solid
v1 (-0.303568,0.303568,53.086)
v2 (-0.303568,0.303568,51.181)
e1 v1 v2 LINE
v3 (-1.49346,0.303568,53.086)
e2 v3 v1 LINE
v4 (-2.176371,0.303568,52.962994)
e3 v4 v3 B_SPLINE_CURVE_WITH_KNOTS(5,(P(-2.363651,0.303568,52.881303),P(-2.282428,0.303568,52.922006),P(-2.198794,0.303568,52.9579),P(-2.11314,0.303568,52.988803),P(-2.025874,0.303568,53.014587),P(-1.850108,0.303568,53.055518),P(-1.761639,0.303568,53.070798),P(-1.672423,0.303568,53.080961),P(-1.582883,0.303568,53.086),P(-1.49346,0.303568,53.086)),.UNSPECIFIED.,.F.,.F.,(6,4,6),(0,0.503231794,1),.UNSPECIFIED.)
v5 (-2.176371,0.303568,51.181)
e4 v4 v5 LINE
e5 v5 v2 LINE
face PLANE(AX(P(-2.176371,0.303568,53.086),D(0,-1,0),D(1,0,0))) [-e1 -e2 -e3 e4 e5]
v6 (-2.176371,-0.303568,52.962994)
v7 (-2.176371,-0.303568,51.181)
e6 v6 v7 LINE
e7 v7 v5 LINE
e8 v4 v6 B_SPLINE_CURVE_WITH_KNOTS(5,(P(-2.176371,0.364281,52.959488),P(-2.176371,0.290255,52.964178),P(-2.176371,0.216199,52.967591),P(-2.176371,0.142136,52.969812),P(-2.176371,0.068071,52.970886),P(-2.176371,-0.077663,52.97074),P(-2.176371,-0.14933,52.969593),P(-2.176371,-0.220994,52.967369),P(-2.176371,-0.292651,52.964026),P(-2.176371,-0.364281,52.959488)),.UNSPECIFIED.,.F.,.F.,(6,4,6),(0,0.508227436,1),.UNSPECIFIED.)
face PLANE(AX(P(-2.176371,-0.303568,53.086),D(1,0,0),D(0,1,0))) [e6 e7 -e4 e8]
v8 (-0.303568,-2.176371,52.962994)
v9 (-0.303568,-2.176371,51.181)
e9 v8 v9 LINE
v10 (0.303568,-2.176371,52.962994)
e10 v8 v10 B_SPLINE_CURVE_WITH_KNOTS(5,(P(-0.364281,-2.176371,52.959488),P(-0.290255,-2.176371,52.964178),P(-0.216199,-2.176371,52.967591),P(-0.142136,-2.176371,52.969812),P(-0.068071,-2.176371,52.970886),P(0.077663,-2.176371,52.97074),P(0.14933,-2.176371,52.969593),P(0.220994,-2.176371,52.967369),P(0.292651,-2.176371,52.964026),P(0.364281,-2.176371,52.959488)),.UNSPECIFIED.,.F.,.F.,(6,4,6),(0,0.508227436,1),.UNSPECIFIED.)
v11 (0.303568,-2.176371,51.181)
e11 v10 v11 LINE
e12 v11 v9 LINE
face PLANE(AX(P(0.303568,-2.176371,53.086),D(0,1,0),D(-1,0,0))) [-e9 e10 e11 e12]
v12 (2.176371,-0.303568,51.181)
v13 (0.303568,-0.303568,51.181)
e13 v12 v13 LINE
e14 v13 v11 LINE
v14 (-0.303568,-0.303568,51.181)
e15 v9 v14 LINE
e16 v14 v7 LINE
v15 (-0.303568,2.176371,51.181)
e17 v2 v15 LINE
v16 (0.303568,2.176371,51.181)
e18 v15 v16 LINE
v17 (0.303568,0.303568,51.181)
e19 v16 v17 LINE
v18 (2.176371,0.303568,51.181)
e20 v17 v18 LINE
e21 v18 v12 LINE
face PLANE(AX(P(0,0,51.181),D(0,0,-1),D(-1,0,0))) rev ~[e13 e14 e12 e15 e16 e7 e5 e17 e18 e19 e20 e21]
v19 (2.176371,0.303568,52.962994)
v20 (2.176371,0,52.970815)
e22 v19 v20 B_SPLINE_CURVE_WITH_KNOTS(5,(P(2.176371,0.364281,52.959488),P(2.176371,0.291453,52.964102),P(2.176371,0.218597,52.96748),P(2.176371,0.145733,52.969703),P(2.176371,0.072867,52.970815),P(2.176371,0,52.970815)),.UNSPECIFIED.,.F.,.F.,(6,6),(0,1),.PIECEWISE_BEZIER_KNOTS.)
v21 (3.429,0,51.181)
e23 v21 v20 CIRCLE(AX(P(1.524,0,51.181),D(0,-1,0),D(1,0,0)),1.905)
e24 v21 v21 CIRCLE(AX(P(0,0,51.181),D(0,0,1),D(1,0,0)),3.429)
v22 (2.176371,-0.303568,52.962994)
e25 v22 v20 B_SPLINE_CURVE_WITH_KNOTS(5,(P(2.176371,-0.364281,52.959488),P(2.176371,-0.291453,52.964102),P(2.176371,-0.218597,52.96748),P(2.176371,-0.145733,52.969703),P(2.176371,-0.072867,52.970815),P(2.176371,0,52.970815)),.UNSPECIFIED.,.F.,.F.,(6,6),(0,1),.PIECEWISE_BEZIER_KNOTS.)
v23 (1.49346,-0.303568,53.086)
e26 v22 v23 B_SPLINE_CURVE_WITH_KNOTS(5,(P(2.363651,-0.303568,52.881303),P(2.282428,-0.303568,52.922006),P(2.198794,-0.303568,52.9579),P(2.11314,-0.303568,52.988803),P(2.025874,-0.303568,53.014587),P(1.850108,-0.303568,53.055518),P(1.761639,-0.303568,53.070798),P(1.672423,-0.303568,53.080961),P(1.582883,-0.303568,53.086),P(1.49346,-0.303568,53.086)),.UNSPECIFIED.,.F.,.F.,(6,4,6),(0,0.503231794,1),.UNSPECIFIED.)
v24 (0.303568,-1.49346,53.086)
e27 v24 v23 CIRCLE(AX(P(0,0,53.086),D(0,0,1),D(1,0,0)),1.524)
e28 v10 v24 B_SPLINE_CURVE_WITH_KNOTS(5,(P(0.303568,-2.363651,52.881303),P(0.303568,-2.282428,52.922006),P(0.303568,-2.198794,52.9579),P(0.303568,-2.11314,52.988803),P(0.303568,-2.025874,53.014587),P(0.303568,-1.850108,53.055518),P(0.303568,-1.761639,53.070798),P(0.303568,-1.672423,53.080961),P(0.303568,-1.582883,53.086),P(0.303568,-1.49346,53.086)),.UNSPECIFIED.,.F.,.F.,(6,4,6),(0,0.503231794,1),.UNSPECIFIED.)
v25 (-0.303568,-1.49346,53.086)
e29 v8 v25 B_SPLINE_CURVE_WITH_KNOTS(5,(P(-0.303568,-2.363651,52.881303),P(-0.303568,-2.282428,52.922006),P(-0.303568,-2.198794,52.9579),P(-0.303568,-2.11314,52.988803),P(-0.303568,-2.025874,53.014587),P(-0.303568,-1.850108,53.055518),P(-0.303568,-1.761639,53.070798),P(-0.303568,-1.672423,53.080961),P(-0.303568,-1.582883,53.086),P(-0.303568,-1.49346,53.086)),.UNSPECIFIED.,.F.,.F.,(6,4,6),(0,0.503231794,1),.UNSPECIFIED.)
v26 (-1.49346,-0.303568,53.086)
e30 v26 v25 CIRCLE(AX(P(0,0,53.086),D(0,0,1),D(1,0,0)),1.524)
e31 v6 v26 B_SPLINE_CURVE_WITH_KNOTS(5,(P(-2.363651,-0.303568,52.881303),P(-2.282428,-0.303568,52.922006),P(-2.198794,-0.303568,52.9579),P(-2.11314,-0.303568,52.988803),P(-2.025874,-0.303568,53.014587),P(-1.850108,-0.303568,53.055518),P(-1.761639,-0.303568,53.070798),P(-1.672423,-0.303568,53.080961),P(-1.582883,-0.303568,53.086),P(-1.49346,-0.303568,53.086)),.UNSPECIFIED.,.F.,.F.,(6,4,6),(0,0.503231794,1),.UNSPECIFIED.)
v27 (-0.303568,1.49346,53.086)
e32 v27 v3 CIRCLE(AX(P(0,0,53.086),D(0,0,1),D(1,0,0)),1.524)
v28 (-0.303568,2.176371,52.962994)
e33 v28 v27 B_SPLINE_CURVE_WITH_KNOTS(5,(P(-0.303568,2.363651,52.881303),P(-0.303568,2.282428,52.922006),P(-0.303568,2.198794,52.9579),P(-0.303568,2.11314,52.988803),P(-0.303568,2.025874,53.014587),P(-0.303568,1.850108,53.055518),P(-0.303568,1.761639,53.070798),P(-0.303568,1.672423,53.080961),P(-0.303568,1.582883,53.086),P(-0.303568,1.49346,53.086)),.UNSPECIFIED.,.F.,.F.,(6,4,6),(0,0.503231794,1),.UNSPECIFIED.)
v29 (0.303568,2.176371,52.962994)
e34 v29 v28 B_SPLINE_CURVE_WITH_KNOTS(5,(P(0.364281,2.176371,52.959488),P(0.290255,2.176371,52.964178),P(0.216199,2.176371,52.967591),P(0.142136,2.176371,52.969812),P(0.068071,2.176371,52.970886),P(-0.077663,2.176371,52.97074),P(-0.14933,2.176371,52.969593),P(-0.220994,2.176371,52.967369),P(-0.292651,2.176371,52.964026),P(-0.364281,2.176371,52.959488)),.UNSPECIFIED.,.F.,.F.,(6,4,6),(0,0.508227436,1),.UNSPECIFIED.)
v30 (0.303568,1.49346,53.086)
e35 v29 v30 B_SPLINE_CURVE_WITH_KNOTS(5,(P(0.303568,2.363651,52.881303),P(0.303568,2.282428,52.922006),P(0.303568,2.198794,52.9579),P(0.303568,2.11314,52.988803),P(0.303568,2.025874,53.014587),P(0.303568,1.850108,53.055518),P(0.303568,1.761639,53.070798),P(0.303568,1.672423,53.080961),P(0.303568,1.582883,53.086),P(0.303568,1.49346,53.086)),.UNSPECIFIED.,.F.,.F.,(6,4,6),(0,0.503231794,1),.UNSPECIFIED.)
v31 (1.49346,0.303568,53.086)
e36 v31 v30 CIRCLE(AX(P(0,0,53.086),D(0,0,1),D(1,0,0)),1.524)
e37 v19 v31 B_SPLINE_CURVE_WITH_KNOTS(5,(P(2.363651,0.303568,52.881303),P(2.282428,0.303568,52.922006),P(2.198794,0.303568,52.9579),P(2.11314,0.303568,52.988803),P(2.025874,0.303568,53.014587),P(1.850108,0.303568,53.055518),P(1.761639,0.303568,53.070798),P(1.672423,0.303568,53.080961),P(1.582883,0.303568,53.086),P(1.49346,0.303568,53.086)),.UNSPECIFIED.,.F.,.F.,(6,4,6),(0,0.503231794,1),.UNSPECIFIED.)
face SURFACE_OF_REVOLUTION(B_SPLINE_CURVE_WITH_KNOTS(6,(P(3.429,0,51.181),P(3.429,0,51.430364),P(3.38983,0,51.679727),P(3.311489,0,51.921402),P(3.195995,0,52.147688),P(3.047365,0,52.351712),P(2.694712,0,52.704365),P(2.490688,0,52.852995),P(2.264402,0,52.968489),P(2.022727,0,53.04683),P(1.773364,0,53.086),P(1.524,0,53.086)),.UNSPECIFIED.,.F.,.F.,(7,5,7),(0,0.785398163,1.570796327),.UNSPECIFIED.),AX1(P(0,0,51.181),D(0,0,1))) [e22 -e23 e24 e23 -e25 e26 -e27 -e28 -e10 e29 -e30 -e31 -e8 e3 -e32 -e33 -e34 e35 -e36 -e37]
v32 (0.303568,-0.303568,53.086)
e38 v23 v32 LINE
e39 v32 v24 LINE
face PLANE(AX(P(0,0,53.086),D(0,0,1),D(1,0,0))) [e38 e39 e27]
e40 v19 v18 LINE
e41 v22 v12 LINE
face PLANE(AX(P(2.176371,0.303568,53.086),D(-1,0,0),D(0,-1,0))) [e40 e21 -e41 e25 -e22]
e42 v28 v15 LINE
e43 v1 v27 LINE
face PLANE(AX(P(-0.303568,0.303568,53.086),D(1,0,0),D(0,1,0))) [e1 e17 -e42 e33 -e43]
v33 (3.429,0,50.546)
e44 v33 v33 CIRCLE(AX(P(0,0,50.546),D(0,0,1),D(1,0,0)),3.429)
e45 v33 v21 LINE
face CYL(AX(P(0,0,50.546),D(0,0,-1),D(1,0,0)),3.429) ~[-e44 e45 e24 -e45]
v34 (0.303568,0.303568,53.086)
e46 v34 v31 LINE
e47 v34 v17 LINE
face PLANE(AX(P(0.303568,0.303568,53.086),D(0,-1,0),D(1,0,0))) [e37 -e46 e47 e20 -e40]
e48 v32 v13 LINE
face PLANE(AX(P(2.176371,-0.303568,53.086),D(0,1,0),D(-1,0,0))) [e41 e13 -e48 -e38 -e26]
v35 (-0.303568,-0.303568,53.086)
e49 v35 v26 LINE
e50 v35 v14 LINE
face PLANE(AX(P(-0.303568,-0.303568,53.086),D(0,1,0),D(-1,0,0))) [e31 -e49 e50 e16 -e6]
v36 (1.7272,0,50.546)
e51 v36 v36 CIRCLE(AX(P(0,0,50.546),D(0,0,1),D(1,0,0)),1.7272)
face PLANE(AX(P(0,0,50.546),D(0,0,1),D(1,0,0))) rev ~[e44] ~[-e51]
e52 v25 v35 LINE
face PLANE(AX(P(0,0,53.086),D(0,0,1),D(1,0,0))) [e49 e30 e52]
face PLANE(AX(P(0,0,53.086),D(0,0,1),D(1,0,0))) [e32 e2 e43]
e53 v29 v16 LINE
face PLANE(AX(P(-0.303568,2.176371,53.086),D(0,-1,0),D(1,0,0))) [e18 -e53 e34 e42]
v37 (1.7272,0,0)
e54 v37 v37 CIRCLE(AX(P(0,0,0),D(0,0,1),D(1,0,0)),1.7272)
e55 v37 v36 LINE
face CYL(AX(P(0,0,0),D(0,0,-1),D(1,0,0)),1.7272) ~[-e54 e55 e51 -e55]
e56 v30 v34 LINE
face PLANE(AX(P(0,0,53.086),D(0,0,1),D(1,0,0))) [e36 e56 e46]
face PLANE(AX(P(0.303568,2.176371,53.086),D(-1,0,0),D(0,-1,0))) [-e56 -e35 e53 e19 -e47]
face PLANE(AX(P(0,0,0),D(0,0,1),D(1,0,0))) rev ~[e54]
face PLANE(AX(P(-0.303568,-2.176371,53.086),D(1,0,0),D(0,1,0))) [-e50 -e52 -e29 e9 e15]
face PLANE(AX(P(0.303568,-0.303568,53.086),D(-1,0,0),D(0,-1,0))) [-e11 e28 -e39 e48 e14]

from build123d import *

# Parameters (mm, degrees)
SKETCH1_R           = 1.7272
BOSS_EXTRUDE1_DEPTH = 50.546
SKETCH2_R           = 3.429
BOSS_EXTRUDE2_DEPTH = 2.54
FILLET1_R           = 1.905
CUT_EXTRUDE1_DEPTH  = 1.905


with BuildPart() as part:
    # Sketch1 → Boss-Extrude1 (new body)
    with BuildSketch(Plane.XY):
        Circle(SKETCH1_R)
    extrude(amount=BOSS_EXTRUDE1_DEPTH)

    # Sketch2 → Boss-Extrude2 (add)
    with BuildSketch(Plane.XY.offset(50.546)):
        Circle(SKETCH2_R)
    extrude(amount=BOSS_EXTRUDE2_DEPTH)

    # Fillet1
    fillet1_edges = [part.edges().sort_by_distance(p)[0] for p in [
        (-3.429, 0, 53.086),
    ]]
    fillet(fillet1_edges, radius=FILLET1_R)

    # Sketch3 → Cut-Extrude1 (cut)
    with BuildSketch(Plane.XY.offset(53.086)):
        Polygon((-0.303567799, 0.303567799), (-0.303567799, 2.17637078), (0.303567799, 2.17637078), (0.303567799, 0.303567799), (2.17637078, 0.303567799), (2.17637078, -0.303567799), (0.303567799, -0.303567799), (0.303567799, -2.17637078), (-0.303567799, -2.17637078), (-0.303567799, -0.303567799), (-2.17637078, -0.303567799), (-2.17637078, 0.303567799), align=None)
    extrude(amount=-CUT_EXTRUDE1_DEPTH, mode=Mode.SUBTRACT)


solid = part.part
